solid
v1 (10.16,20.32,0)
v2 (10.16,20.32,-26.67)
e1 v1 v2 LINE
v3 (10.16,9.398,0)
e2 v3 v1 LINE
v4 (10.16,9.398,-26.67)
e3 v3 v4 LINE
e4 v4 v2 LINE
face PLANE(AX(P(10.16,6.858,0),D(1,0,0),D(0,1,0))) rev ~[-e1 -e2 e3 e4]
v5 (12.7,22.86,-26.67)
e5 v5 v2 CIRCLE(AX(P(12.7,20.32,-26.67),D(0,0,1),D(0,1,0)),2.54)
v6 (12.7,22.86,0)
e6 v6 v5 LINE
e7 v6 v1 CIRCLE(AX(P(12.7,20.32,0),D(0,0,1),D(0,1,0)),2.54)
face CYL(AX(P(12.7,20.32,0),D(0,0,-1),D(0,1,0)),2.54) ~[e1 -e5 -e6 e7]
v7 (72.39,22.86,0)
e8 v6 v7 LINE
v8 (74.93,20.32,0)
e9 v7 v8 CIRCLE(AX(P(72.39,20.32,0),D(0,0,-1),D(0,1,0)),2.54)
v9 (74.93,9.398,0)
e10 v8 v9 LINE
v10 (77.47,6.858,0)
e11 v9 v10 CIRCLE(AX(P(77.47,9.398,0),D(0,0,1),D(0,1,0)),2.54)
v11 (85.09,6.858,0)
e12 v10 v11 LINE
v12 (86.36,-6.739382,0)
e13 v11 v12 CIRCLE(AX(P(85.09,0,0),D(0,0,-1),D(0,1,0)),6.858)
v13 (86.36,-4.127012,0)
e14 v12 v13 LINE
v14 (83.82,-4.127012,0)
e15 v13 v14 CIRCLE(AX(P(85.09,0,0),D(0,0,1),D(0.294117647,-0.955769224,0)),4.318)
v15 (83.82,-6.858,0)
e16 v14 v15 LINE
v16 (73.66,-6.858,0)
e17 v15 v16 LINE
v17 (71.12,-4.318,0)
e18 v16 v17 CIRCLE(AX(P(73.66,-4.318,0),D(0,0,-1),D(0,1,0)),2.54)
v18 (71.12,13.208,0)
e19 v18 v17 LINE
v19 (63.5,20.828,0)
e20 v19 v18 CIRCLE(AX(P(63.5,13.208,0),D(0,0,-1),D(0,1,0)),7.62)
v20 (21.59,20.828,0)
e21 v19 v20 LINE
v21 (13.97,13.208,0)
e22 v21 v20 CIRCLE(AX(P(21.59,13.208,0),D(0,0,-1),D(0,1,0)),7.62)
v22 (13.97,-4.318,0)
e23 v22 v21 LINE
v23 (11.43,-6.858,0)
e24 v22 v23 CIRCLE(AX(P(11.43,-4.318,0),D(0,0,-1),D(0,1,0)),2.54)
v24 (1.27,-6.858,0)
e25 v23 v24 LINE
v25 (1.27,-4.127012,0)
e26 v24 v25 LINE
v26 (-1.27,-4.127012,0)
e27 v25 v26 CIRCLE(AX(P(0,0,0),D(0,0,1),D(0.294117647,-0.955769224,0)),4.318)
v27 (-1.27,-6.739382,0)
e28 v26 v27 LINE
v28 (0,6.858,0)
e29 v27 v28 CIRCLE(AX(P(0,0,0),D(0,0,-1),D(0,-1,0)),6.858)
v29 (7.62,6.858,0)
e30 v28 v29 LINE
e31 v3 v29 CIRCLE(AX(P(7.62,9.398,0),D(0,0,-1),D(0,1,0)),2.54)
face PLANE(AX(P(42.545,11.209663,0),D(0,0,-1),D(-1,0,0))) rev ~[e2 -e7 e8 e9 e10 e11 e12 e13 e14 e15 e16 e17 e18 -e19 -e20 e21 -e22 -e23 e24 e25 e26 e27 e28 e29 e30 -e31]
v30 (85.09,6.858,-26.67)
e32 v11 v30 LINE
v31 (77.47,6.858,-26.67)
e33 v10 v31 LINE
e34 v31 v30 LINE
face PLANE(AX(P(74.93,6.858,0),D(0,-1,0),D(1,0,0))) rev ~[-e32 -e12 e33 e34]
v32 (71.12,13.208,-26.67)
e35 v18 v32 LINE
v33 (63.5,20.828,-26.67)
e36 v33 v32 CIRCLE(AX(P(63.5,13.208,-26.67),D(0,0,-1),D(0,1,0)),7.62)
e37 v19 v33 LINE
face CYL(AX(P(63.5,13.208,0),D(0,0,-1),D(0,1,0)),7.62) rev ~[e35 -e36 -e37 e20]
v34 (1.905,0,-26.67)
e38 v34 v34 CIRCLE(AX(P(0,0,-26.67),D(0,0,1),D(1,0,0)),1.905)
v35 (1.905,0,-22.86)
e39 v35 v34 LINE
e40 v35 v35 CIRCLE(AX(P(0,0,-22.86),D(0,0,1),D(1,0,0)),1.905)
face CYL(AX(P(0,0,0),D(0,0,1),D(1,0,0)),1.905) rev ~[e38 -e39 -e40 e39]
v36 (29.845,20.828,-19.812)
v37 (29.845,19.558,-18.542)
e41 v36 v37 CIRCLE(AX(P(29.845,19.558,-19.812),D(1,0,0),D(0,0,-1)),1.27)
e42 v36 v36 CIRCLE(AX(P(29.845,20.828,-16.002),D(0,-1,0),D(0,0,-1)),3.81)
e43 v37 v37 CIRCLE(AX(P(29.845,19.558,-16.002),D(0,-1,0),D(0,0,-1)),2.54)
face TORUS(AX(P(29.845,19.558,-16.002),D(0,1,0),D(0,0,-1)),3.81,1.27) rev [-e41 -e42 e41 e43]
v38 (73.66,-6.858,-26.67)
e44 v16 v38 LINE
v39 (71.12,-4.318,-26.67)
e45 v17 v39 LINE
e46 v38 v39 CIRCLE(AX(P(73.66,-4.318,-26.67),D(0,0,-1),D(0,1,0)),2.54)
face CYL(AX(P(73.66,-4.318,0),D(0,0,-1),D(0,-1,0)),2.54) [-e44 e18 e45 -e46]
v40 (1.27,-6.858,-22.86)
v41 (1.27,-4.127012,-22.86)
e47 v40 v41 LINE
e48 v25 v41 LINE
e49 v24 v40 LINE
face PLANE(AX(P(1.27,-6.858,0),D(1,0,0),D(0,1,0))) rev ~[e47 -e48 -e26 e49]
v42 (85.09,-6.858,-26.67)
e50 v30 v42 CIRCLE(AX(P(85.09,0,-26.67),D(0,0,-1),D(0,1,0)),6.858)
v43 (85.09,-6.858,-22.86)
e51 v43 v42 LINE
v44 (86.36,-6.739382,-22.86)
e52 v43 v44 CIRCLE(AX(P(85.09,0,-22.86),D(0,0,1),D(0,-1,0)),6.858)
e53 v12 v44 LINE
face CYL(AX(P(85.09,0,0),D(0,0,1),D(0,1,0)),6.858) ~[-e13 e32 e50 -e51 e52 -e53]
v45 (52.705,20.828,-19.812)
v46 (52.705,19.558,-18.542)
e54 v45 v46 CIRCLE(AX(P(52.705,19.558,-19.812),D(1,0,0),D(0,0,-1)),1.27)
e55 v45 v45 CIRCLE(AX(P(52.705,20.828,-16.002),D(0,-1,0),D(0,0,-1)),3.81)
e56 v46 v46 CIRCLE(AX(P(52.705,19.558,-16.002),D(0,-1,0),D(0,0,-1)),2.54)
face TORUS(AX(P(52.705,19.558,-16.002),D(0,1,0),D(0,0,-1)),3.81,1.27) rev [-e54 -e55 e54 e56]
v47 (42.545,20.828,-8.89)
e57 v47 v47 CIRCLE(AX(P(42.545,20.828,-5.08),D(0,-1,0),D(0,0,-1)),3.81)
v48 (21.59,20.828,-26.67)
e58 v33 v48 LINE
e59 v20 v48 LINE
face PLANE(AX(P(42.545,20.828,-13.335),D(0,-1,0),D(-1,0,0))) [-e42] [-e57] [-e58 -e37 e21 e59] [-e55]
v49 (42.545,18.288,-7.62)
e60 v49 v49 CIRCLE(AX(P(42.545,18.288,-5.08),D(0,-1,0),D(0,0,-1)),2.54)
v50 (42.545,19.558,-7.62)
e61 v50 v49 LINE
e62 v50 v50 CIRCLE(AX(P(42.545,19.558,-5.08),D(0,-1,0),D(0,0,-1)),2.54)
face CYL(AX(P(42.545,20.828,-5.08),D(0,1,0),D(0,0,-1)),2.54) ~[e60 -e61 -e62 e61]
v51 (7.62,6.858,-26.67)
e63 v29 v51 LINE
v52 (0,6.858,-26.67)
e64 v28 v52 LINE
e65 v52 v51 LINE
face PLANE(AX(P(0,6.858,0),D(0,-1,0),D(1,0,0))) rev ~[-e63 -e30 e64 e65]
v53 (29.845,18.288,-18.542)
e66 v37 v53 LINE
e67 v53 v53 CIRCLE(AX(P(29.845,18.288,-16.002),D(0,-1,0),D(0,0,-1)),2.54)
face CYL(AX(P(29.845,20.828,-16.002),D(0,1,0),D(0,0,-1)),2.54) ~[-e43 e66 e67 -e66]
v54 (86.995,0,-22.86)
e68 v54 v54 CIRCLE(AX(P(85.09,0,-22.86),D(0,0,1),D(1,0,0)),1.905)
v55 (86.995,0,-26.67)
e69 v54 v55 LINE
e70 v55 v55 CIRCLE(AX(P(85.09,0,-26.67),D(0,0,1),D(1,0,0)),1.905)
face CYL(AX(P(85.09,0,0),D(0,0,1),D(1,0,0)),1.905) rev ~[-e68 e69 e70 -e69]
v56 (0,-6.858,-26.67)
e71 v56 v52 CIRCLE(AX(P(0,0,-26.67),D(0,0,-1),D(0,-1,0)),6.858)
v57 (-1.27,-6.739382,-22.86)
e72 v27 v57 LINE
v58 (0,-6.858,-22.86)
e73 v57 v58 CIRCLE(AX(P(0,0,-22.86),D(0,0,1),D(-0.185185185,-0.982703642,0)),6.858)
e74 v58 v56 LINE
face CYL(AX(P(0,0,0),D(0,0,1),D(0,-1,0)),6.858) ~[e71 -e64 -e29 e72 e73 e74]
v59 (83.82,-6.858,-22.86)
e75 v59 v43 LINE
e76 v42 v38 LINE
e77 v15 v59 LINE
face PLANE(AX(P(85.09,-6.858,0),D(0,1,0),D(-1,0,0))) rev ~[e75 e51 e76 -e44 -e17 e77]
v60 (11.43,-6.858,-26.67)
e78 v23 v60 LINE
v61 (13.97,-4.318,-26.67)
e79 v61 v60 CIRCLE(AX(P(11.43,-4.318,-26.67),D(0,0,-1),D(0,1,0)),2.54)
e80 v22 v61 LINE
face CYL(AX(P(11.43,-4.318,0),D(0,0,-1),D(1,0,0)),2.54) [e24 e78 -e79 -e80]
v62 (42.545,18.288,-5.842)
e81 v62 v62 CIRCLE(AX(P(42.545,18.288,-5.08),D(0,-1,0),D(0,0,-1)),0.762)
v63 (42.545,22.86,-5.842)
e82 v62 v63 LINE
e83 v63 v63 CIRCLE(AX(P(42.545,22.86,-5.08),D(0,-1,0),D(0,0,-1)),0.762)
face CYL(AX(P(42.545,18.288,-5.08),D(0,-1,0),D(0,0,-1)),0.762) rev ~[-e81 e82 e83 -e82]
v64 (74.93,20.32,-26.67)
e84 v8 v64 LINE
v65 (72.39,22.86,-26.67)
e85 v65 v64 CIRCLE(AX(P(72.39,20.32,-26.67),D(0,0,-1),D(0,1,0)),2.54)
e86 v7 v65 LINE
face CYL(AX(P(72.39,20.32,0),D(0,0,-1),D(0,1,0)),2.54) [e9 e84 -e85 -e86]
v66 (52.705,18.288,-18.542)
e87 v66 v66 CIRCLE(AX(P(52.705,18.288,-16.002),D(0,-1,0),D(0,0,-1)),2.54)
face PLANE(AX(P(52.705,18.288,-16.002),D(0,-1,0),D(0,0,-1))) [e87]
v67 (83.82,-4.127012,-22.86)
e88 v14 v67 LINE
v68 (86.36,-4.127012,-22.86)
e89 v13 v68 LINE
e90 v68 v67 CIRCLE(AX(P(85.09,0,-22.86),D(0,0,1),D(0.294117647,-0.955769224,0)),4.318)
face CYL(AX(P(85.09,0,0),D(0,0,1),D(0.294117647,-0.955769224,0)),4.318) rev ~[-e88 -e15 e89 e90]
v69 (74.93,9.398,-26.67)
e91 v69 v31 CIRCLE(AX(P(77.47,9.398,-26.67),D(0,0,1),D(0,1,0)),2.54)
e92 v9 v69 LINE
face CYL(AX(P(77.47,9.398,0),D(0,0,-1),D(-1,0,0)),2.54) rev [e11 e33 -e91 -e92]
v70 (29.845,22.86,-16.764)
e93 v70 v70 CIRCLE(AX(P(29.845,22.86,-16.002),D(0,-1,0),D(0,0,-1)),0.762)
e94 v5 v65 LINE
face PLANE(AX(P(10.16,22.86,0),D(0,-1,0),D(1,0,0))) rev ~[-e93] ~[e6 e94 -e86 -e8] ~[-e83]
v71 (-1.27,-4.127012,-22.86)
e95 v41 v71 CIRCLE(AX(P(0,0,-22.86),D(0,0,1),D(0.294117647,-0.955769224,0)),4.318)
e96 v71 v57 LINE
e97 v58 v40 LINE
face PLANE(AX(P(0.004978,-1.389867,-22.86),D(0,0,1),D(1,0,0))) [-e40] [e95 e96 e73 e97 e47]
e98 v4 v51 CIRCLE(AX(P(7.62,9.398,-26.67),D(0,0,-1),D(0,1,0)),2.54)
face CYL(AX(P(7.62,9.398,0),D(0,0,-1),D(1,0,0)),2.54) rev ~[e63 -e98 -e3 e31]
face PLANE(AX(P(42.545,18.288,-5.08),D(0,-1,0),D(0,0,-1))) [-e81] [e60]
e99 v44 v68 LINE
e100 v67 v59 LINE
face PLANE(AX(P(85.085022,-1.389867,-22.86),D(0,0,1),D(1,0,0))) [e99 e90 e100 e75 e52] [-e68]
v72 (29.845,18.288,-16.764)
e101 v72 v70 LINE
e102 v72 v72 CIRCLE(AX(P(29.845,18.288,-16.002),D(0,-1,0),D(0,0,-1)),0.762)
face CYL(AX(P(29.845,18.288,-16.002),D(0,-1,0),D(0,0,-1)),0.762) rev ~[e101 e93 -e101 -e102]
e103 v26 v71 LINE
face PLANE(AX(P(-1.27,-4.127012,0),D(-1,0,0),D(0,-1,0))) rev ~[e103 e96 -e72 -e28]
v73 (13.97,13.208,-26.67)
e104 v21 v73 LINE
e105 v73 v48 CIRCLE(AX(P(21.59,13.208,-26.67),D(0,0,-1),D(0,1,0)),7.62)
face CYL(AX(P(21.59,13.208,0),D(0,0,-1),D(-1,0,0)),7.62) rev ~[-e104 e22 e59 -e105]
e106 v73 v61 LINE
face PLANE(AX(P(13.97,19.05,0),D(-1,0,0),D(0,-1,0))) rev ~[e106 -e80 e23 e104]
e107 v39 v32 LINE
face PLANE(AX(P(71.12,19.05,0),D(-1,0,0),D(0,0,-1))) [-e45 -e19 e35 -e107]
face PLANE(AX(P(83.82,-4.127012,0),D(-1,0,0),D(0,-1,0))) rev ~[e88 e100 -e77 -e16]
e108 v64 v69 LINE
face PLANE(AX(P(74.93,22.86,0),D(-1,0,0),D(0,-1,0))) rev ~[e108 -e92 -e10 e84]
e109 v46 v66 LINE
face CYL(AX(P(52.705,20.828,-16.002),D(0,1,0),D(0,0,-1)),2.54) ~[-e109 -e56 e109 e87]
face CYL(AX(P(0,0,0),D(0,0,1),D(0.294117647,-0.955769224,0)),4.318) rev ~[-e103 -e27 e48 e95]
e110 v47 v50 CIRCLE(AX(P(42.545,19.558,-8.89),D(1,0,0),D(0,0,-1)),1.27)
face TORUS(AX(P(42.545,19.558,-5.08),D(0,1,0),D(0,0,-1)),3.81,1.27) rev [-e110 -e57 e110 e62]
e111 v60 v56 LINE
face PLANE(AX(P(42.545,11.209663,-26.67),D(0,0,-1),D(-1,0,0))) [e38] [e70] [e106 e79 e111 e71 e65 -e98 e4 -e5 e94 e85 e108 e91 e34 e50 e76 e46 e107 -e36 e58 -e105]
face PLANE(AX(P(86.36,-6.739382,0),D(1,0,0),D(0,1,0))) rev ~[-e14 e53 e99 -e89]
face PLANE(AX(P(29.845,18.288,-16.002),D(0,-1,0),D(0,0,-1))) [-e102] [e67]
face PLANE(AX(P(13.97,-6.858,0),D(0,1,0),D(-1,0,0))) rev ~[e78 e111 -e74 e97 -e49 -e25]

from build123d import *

# Parameters (mm, degrees)
SKETCH1_R           = 1.905
BOSS_EXTRUDE1_DEPTH = 26.67
CUT_EXTRUDE1_DEPTH  = 22.86
SKETCH8_W           = 57.15
SKETCH8_H           = 26.67
CUT_EXTRUDE4_DEPTH  = 1.778
SKETCH6_R           = 2.54
BOSS_EXTRUDE3_DEPTH = 2.54
SKETCH7_R           = 0.762
CUT_EXTRUDE3_DEPTH  = 7.62
FILLET1_R           = 2.54
FILLET4_R           = 7.62
SKETCH9_R           = 2.54
BOSS_EXTRUDE4_DEPTH = 2.54
FILLET3_R           = 1.27


with BuildPart() as part:
    # Sketch1 → Boss-Extrude1 (new body)
    with BuildSketch(Plane.XY):
        with BuildLine():
            Line((10.16, 22.86), (74.93, 22.86))
            Line((74.93, 22.86), (74.93, 6.858))
            Line((74.93, 6.858), (85.09, 6.858))
            ThreePointArc((85.09, 6.858), (91.948, 0), (85.09, -6.858))
            Line((85.09, -6.858), (71.12, -6.858))
            Line((71.12, -6.858), (71.12, -4.572))
            Line((71.12, -4.572), (71.12, 19.05))
            Line((71.12, 19.05), (42.545, 19.05))
            Line((42.545, 19.05), (13.97, 19.05))
            Line((13.97, 19.05), (13.97, -4.572))
            Line((13.97, -4.572), (13.97, -6.858))
            Line((13.97, -6.858), (0, -6.858))
            ThreePointArc((0, -6.858), (-6.858, 0), (0, 6.858))
            Line((0, 6.858), (10.16, 6.858))
            Line((10.16, 6.858), (10.16, 22.86))
        make_face()
        Circle(SKETCH1_R, mode=Mode.SUBTRACT)
        with Locations((85.09, 0)):
            Circle(SKETCH1_R, mode=Mode.SUBTRACT)
    extrude(amount=-BOSS_EXTRUDE1_DEPTH)

    # Sketch3 → Cut-Extrude1 (cut)
    with BuildSketch(Plane.XY):
        with BuildLine():
            Line((83.82, -4.12701151), (83.82, -6.858))
            Line((83.82, -6.858), (85.09, -6.858))
            ThreePointArc((85.09, -6.858), (85.727763736, -6.828281), (86.36, -6.739381574))
            Line((86.36, -6.739381574), (86.36, -4.12701151))
            ThreePointArc((86.36, -4.12701151), (85.09, 4.318), (83.82, -4.12701151))
        make_face()
        with BuildLine():
            Line((-1.27, -4.12701151), (-1.27, -6.739381574))
            ThreePointArc((-1.27, -6.739381574), (-0.637763736, -6.828281), (0, -6.858))
            Line((0, -6.858), (1.27, -6.858))
            Line((1.27, -6.858), (1.27, -4.12701151))
            ThreePointArc((1.27, -4.12701151), (0, 4.318), (-1.27, -4.12701151))
        make_face()
    extrude(amount=-CUT_EXTRUDE1_DEPTH, mode=Mode.SUBTRACT)

    # Sketch8 → Cut-Extrude4 (cut)
    with BuildSketch(Plane(origin=(0, 19.05, 0), x_dir=(-1, 0, 0), z_dir=(0, -1, 0))):
        with Locations((-42.545, 13.335)):
            Rectangle(SKETCH8_W, SKETCH8_H)
    extrude(amount=-CUT_EXTRUDE4_DEPTH, mode=Mode.SUBTRACT)

    # Sketch6 → Boss-Extrude3 (add)
    with BuildSketch(Plane(origin=(0, 20.828, 0), x_dir=(-1, 0, 0), z_dir=(0, -1, 0))):
        with Locations(Location((-42.545, 5.08, 0), (0, 0, 90))):
            Circle(SKETCH6_R)
        with Locations(Location((-29.845, 16.002, 0), (0, 0, 90))):
            Circle(SKETCH6_R)
    extrude(amount=BOSS_EXTRUDE3_DEPTH)

    # Sketch7 → Cut-Extrude3 (cut)
    with BuildSketch(Plane(origin=(0, 18.288, 0), x_dir=(-1, 0, 0), z_dir=(0, -1, 0))):
        with Locations(Location((-42.545, 5.08, 0), (0, 0, 90))):
            Circle(SKETCH7_R)
        with Locations(Location((-29.845, 16.002, 0), (0, 0, 90))):
            Circle(SKETCH7_R)
    extrude(amount=-CUT_EXTRUDE3_DEPTH, mode=Mode.SUBTRACT)

    # Fillet1
    fillet1_edges = [part.edges().sort_by_distance(p)[0] for p in [
        (10.16, 6.858, -13.335),
        (10.16, 22.86, -13.335),
        (74.93, 22.86, -13.335),
        (74.93, 6.858, -13.335),
        (71.12, -6.858, -13.335),
        (13.97, -6.858, -13.335),
    ]]
    fillet(fillet1_edges, radius=FILLET1_R)

    # Fillet4
    fillet4_edges = [part.edges().sort_by_distance(p)[0] for p in [
        (71.12, 20.828, -13.335),
        (13.97, 20.828, -13.335),
    ]]
    fillet(fillet4_edges, radius=FILLET4_R)

    # Sketch9 → Boss-Extrude4 (add)
    with BuildSketch(Plane(origin=(0, 20.828, 0), x_dir=(-1, 0, 0), z_dir=(0, -1, 0))):
        with Locations(Location((-52.705, 16.002, 0), (0, 0, 90))):
            Circle(SKETCH9_R)
    extrude(amount=BOSS_EXTRUDE4_DEPTH)

    # Fillet3
    fillet3_edges = [part.edges().sort_by_distance(p)[0] for p in [
        (42.545, 20.828, -2.54),
        (29.845, 20.828, -13.462),
        (52.705, 20.828, -13.462),
    ]]
    fillet(fillet3_edges, radius=FILLET3_R)


solid = part.part
